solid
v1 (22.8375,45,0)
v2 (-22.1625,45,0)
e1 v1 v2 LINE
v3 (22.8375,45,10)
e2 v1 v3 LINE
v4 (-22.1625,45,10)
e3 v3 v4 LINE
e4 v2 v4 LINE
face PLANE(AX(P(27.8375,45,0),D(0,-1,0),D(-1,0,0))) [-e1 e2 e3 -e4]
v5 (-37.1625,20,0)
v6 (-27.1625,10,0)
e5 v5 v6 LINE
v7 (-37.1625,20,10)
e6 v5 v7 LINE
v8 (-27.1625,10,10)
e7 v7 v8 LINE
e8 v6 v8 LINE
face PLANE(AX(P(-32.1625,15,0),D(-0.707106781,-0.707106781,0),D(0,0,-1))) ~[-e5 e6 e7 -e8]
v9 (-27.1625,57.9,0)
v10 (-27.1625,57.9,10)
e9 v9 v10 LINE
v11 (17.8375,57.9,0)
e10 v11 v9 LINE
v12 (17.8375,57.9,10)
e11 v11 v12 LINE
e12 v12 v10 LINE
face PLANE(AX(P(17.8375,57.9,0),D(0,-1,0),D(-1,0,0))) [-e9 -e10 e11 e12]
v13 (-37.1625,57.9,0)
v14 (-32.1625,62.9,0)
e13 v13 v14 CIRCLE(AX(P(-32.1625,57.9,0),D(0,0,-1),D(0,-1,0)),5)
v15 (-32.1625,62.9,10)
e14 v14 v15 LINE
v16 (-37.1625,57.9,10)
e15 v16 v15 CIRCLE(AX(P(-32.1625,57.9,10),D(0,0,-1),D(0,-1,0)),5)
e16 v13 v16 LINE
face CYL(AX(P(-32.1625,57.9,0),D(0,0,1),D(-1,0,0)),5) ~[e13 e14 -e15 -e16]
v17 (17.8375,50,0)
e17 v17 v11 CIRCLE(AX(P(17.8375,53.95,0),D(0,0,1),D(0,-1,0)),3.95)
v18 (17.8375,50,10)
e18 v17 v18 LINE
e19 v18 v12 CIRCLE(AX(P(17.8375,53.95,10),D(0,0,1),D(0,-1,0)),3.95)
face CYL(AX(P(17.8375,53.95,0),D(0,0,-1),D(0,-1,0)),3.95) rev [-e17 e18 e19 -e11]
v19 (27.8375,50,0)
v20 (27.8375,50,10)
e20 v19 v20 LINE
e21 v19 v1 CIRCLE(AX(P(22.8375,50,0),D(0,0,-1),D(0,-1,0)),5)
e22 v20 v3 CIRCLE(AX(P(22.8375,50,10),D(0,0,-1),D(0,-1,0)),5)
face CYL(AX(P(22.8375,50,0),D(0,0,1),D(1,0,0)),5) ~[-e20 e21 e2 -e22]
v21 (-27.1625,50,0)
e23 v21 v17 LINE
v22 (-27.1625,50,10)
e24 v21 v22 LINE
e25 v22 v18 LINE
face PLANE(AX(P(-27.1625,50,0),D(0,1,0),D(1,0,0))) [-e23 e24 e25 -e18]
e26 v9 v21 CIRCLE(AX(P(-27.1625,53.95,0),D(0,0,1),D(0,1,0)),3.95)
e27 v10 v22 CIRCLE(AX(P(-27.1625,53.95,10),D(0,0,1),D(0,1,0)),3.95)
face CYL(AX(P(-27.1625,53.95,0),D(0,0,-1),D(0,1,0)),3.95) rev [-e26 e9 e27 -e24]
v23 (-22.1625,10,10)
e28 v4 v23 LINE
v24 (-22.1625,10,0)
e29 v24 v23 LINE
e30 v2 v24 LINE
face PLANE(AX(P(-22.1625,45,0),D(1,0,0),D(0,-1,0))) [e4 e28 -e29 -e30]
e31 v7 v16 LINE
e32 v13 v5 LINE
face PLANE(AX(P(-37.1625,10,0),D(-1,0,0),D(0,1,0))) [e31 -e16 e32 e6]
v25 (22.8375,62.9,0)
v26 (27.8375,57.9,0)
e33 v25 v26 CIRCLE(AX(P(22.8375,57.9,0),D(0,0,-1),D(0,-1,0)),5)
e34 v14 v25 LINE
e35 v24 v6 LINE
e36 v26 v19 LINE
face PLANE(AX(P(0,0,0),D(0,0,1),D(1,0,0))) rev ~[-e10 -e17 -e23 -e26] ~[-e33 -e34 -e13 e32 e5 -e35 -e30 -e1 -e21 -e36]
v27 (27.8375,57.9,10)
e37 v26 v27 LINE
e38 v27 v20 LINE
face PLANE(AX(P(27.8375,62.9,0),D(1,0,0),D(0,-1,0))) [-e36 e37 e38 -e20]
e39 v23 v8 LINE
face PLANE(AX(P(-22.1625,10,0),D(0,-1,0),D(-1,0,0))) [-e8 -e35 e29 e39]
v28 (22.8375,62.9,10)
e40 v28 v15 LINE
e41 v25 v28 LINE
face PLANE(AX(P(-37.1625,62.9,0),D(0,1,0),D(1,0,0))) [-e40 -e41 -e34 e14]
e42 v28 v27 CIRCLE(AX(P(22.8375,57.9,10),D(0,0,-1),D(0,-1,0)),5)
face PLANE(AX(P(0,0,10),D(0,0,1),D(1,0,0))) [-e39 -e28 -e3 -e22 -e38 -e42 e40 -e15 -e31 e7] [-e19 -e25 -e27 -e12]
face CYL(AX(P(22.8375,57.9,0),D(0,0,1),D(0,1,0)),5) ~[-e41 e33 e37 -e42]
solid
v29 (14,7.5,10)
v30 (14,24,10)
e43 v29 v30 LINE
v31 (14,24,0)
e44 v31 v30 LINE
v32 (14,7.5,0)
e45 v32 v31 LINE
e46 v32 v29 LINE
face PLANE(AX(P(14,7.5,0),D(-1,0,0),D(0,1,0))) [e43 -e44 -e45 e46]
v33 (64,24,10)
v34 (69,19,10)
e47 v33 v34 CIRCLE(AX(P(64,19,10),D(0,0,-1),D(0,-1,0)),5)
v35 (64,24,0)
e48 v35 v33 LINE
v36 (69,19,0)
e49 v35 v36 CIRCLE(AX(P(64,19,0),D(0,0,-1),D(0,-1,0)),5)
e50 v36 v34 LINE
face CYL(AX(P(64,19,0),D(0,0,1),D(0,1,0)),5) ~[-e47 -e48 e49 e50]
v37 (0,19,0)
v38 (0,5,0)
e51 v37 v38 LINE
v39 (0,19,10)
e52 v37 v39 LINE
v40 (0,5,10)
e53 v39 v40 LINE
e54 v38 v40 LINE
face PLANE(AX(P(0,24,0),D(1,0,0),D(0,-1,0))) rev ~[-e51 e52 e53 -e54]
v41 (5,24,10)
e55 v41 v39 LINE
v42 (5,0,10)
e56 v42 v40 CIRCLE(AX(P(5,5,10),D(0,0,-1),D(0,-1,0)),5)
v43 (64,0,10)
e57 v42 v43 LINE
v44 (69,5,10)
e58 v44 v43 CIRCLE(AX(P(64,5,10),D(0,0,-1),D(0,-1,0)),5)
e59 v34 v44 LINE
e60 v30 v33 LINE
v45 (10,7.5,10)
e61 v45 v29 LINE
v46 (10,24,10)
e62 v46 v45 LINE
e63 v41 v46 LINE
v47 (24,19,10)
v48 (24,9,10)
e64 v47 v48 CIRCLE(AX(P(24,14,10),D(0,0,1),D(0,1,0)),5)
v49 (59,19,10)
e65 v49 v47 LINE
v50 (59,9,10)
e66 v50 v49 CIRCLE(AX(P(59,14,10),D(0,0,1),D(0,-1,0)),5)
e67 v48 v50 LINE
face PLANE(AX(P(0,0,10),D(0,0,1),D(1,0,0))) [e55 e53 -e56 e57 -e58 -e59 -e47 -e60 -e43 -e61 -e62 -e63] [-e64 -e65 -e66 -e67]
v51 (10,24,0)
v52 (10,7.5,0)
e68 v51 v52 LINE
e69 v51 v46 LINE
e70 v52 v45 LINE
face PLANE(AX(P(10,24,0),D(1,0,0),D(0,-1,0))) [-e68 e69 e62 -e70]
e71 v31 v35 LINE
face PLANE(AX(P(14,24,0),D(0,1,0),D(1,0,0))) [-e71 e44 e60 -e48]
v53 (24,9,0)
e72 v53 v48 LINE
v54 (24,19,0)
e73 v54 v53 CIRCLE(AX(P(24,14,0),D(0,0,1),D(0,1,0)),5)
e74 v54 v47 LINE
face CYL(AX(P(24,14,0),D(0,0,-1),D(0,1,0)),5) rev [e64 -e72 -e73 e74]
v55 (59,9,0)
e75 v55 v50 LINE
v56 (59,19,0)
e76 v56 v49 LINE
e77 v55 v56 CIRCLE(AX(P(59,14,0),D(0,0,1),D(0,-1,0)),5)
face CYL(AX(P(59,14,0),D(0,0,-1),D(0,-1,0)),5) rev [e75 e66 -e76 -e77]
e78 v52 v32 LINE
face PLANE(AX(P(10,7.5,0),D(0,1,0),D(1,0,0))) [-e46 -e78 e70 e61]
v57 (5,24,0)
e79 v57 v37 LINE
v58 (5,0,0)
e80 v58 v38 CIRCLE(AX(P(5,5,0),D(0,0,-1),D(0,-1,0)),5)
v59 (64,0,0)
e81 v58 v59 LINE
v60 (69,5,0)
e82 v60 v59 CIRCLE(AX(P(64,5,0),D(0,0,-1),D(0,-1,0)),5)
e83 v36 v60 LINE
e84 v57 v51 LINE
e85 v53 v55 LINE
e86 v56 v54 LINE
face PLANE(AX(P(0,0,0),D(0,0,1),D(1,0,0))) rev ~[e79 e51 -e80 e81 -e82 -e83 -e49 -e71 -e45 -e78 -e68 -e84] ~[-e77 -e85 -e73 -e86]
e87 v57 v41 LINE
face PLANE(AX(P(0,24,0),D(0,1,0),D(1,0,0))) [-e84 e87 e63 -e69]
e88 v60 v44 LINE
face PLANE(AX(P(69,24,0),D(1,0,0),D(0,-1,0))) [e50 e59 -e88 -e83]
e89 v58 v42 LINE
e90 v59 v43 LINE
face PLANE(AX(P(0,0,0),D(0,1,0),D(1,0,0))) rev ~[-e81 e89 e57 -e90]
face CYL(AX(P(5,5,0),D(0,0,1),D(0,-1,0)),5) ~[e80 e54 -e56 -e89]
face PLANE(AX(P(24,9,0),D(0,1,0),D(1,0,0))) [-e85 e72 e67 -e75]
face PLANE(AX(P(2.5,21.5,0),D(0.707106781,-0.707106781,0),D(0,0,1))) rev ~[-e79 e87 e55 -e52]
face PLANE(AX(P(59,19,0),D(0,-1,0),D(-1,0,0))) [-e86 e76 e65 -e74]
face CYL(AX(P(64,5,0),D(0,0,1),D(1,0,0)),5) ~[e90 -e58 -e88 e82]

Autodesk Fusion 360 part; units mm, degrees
sketch "back" plane through (0, 0, 0) normal (0, 0, 1) x (1, 0, 0)
  line L0 (-37.1625, 9.7554) -> (-37.1625, 62.9)
  line L1 (-37.1625, 62.9) -> (27.8375, 62.9)
  line L2 (27.8375, 62.9) -> (27.8375, 45)
  line L3 (27.8375, 45) -> (-22.1625, 45)
  line L4 (-22.1625, 45) -> (-22.1625, 10)
  line L5 (-22.1625, 10) -> (-37.1625, 10)
  line L6 (-37.1625, 10) -> (-37.1625, 9.7554)
  line L7 (27.8375, 53.95) -> (-37.1625, 53.95) construction
  line L8 (17.8375, 62.9) -> (17.8375, 53.95)
  line L9 (-27.1625, 62.9) -> (-27.1625, 53.95)
  line L10 (-27.1625, 50) -> (17.8375, 50)
  arc A0 (17.8375, 50) -> (17.8375, 57.9) centre (17.8375, 53.95) ccw
  line L11 (17.8375, 57.9) -> (-27.1625, 57.9)
  arc A1 (-27.1625, 57.9) -> (-27.1625, 50) centre (-27.1625, 53.95) ccw
  line L12 (-27.1625, 53.95) -> (17.8375, 53.95) construction
  line L13 (0, 0) -> (-32, 0) construction
  line L14 (0, 0) -> (0, 18) construction
  line L15 (-22.1625, 45) -> (-37.1625, 45)
  point P0 (-27.1625, 53.95)
  point P1 (17.8375, 53.95)
  dimension "d1" = 10
  dimension "d2" = 10
  dimension "d3" = 35
  dimension "d5" = 15
  dimension "d6" = 7.9
  dimension "d7" = 45
  dimension "d8" = 5
  dimension "d9" = 10
  dimension "d10" = 22.1625
extrude "Extrude1" add sketch "back" along normal blind 10 contours L0 L4 L5 L15 | L0 L1 L2 L3 L8 L9 L10 A0 A1 L15 | L1 L8 L9 L11 makes body 1
chamfer "Chamfer1" distance 10 angle 45 1 edges at (-37.1625, 10, 5) on bodies 1
fillet "Fillet1" radius 5 3 edges at (-37.1625, 62.9, 5) (27.8375, 62.9, 5) (27.8375, 45, 5) on bodies 1
sketch "front" plane through (0, 0, 0) normal (0, 0, 1) x (1, 0, 0)
  line L0 (0, 24) -> (10, 24)
  line L1 (10, 24) -> (10, 7.5)
  line L2 (10, 7.5) -> (14, 7.5)
  line L3 (14, 7.5) -> (14, 24)
  line L4 (0, 0) -> (69, 0)
  line L5 (0, 24) -> (0, 0)
  line L6 (14, 14) -> (69, 14) construction
  line L7 (24, 9) -> (59, 9)
  arc A0 (59, 9) -> (59, 19) centre (59, 14) ccw
  line L8 (59, 19) -> (24, 19)
  arc A1 (24, 19) -> (24, 9) centre (24, 14) ccw
  line L9 (24, 14) -> (59, 14) construction
  line L10 (14, 24) -> (69, 24)
  line L11 (69, 24) -> (69, 0)
  point P0 (19, 14)
  point P1 (64, 14)
  dimension "d27" = 10
  dimension "d28" = 16.5
  dimension "d35" = 4
  dimension "d55" = 7.5
  dimension "d56" = 10
  dimension "d58" = 5
  dimension "d59" = 5
  dimension "d60" = 35
  dimension "d65" = 5
extrude "Extrude4" add sketch "front" along normal blind 10 separate body makes body 2
fillet "Fillet4" radius 5 3 edges at (69, 0, 5) (0, 0, 5) (69, 24, 5) on bodies 2
chamfer "Chamfer4" distance 5 angle 45 1 edges at (0, 24, 5) on bodies 2
